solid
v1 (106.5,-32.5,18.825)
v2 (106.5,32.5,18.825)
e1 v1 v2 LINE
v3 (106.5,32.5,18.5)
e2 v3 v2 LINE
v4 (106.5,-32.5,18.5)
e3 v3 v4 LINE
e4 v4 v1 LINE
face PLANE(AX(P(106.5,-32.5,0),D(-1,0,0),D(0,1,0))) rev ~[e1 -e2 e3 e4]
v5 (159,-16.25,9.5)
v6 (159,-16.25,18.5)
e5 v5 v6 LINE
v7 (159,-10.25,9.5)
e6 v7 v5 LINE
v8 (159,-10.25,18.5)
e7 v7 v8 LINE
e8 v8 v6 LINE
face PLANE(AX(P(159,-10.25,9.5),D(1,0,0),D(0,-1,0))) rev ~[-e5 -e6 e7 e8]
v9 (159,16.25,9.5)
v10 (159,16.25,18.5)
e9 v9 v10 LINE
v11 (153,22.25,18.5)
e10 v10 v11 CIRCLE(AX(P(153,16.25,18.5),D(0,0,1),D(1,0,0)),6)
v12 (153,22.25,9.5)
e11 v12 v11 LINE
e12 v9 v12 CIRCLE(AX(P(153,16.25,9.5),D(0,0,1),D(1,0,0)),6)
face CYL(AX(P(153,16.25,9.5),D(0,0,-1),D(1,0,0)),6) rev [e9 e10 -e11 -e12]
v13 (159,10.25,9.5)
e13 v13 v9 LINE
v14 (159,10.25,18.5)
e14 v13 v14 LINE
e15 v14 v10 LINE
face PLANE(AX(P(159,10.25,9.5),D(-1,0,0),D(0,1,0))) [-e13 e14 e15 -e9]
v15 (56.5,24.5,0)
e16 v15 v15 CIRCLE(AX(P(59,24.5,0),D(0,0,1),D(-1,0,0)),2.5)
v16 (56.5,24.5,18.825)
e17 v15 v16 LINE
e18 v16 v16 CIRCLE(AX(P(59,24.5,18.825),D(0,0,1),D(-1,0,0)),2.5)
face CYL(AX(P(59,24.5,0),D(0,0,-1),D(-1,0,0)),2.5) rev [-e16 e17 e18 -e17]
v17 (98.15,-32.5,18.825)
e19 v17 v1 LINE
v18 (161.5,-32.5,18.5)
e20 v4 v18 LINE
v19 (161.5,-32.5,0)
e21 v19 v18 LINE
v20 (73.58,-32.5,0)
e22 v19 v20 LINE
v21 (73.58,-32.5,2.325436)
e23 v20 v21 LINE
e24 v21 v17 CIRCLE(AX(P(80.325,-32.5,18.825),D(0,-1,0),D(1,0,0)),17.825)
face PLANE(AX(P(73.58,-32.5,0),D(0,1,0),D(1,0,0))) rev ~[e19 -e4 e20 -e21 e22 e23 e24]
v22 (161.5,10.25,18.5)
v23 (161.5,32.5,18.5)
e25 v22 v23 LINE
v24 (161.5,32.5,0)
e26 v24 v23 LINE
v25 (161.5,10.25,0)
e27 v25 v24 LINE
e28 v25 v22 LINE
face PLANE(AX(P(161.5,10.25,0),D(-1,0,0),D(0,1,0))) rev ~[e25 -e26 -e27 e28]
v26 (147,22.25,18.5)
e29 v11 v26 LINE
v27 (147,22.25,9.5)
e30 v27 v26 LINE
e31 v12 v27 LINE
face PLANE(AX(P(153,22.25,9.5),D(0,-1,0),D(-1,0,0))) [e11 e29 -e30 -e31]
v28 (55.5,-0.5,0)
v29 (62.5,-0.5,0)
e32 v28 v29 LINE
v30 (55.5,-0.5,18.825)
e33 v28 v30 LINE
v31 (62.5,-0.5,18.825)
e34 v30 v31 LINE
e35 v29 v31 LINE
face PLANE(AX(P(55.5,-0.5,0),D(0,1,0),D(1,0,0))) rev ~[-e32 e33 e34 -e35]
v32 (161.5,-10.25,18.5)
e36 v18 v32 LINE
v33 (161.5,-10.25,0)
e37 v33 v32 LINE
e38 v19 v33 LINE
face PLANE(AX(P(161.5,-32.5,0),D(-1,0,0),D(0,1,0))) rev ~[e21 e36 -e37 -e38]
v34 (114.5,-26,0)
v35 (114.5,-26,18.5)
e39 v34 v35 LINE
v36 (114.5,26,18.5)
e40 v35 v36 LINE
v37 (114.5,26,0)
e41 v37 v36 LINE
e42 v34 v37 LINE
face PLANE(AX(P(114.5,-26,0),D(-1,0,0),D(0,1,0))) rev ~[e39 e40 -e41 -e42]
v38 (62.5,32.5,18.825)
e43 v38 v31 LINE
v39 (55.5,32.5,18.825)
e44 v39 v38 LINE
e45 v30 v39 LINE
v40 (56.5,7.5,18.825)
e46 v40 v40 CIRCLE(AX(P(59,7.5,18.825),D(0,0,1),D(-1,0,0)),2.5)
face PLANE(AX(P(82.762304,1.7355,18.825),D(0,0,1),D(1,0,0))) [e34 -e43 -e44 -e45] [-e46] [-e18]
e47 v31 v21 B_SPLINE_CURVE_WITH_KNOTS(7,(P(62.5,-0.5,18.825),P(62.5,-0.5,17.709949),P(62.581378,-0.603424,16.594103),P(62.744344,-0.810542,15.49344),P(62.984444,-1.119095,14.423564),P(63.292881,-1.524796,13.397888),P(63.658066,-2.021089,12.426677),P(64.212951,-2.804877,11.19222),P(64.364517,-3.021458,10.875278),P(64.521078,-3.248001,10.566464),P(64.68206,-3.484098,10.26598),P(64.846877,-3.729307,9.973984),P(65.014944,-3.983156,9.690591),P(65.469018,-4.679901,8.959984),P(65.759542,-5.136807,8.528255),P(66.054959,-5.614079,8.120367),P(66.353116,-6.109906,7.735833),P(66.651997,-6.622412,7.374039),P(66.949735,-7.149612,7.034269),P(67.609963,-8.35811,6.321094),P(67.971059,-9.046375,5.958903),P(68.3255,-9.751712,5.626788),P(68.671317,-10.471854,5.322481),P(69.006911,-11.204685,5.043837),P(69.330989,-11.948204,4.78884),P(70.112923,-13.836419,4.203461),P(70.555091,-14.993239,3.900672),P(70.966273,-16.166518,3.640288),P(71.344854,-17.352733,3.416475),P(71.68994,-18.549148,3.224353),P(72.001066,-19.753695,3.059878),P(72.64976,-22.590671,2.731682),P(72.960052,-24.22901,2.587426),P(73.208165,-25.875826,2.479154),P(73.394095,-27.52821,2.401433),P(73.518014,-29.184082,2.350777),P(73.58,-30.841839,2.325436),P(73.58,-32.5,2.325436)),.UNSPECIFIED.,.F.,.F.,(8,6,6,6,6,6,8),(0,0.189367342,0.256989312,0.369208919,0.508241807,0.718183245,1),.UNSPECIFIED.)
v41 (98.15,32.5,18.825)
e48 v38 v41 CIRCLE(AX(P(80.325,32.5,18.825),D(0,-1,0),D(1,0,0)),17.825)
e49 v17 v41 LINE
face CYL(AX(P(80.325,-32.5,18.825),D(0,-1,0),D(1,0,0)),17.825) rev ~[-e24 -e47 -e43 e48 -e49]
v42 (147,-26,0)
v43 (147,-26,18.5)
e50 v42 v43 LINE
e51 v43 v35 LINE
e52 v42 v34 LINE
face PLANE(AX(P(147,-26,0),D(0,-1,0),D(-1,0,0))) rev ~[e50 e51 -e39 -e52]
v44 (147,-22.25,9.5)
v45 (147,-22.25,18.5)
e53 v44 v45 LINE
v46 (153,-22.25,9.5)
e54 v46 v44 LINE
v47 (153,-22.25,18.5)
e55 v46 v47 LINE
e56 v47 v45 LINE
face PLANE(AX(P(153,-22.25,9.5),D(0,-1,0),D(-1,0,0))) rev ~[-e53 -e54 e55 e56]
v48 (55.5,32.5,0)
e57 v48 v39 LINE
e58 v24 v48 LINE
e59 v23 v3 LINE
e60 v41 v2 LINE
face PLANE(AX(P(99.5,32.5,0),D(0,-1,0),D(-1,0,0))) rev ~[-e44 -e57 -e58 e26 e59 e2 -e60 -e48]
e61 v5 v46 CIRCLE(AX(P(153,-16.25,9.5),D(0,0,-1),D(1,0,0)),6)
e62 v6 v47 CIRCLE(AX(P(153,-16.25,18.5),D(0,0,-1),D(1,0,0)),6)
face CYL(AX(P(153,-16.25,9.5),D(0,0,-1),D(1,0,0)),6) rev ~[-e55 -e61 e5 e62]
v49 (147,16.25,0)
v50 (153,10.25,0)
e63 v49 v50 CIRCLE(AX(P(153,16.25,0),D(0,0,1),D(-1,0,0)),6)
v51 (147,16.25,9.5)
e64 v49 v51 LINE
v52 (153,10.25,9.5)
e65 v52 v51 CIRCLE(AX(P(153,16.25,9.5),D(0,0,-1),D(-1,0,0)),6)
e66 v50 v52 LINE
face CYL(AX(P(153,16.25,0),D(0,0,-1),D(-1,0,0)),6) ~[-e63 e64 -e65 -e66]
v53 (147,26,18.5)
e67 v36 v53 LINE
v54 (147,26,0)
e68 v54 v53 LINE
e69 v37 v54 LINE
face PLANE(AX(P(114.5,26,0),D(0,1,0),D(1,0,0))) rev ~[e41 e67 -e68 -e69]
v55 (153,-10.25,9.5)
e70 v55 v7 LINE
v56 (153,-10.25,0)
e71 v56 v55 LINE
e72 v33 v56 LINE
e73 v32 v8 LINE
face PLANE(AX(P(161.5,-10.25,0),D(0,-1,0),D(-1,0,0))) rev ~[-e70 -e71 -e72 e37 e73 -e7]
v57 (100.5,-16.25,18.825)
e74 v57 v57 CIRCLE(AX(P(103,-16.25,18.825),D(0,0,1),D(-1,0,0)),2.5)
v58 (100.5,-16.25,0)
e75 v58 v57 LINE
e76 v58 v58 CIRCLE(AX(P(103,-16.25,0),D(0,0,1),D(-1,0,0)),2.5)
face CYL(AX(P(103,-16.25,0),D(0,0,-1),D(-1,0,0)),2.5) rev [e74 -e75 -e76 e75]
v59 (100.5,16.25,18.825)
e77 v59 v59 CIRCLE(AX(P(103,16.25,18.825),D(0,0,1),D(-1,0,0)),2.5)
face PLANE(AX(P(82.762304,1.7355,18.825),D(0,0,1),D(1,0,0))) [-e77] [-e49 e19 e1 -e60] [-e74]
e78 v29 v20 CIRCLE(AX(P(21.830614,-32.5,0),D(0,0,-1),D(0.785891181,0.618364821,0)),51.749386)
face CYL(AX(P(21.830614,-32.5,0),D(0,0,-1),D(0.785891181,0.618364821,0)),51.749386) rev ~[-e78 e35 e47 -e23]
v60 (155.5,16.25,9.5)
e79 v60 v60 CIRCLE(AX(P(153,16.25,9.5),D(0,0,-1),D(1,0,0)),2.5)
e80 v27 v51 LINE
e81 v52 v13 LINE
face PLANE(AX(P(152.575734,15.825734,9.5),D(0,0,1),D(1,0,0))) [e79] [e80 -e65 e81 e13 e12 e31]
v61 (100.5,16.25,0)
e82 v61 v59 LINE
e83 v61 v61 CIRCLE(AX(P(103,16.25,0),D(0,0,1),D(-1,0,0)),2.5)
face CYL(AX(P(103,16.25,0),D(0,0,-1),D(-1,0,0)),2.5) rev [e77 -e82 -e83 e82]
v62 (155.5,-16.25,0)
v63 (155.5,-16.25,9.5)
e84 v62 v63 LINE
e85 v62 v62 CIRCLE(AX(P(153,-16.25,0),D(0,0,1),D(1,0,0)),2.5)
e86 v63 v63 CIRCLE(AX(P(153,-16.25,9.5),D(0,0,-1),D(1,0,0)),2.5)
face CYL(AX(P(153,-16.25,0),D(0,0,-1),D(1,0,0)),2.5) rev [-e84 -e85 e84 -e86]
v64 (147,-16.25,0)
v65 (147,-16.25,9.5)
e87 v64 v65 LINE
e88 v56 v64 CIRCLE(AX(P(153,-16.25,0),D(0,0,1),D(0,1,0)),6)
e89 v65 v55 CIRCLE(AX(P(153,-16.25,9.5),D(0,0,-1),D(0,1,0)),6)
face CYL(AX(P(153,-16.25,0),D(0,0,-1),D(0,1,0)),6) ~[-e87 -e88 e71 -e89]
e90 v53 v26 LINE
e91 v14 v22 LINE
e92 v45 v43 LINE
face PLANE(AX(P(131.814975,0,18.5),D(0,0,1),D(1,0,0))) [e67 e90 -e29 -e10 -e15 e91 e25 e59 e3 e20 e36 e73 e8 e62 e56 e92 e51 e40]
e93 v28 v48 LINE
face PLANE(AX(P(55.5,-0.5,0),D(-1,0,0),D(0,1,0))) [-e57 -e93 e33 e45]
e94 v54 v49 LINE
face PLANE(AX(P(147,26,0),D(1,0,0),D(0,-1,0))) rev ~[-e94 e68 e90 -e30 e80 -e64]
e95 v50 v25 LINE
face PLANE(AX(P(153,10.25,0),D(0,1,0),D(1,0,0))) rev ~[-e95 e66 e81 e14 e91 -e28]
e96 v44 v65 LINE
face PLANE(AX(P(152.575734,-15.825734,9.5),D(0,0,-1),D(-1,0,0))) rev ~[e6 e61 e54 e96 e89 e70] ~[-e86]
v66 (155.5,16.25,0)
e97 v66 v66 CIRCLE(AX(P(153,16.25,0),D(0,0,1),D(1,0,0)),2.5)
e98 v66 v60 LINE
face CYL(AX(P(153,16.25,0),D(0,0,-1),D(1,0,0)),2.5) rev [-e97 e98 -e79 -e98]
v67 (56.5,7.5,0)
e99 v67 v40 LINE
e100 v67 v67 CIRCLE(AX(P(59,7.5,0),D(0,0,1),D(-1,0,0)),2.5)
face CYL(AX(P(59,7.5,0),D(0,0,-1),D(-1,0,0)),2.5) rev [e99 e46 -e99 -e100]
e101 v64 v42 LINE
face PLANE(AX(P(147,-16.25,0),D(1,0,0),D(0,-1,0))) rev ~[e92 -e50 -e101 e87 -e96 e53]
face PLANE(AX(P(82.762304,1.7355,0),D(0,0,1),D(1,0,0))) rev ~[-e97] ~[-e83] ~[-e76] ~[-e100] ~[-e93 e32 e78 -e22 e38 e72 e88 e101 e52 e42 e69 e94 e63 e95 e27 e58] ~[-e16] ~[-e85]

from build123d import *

# Parameters (mm, degrees)
SKETCH1_R           = 2.5
BOSS_EXTRUDE3_DEPTH = 18.5
CUT_EXTRUDE2_START  = -9
CUT_EXTRUDE2_DEPTH  = 9
SKETCH1_5_R         = 2.5
BOSS_EXTRUDE4_DEPTH = 18.825
SKETCH3_R           = 17.825
CUT_EXTRUDE3_DEPTH  = 176.104627652


with BuildPart() as part:
    # Sketch1 → Boss-Extrude3 (new body)
    with BuildSketch(Plane.XY):
        with BuildLine():
            Line((161.5, 32.5), (147, 32.5))
            Line((147, 32.5), (106.5, 32.5))
            Line((106.5, 32.5), (106.5, -32.5))
            Line((106.5, -32.5), (147, -32.5))
            Line((147, -32.5), (161.5, -32.5))
            Line((161.5, -32.5), (161.5, -10.25))
            Line((161.5, -10.25), (153, -10.25))
            ThreePointArc((153, -10.25), (148.757359313, -12.007359313), (147, -16.25))
            Line((147, -16.25), (147, -26))
            Line((147, -26), (114.5, -26))
            Line((114.5, -26), (114.5, 26))
            Line((114.5, 26), (147, 26))
            Line((147, 26), (147, 16.25))
            ThreePointArc((147, 16.25), (148.757359313, 12.007359313), (153, 10.25))
            Line((153, 10.25), (161.5, 10.25))
            Line((161.5, 10.25), (161.5, 32.5))
        make_face()
        with Locations((153, -16.25)):
            Circle(SKETCH1_R, mode=Mode.SUBTRACT)
        with Locations((153, 16.25)):
            Circle(SKETCH1_R, mode=Mode.SUBTRACT)
    extrude(amount=BOSS_EXTRUDE3_DEPTH)

    # Sketch2 → Cut-Extrude2 (cut)
    with BuildSketch(Plane.XY.offset(18.5).offset(CUT_EXTRUDE2_START)):
        with BuildLine():
            Line((153, 22.25), (147, 22.25))
            Line((147, 22.25), (147, 10.25))
            Line((147, 10.25), (159, 10.25))
            Line((159, 10.25), (159, 16.25))
            ThreePointArc((159, 16.25), (157.242640687, 20.492640687), (153, 22.25))
        make_face()
        with BuildLine():
            Line((153, -22.25), (147, -22.25))
            Line((147, -22.25), (147, -10.25))
            Line((147, -10.25), (159, -10.25))
            Line((159, -10.25), (159, -16.25))
            ThreePointArc((159, -16.25), (157.242640687, -20.492640687), (153, -22.25))
        make_face()
    extrude(amount=CUT_EXTRUDE2_DEPTH, mode=Mode.SUBTRACT)

    # Sketch1<5> → Boss-Extrude4 (add)
    with BuildSketch(Plane.XY):
        with BuildLine():
            Line((106.5, -32.5), (106.5, 32.5))
            Line((106.5, 32.5), (55.5, 32.5))
            Line((55.5, 32.5), (55.5, -0.5))
            Line((55.5, -0.5), (62.5, -0.5))
            ThreePointArc((62.5, -0.5), (70.731609419, -15.568030239), (73.58, -32.5))
            Line((73.58, -32.5), (106.5, -32.5))
        make_face()
        with Locations((103, -16.25)):
            Circle(SKETCH1_5_R, mode=Mode.SUBTRACT)
        with Locations((103, 16.25)):
            Circle(SKETCH1_5_R, mode=Mode.SUBTRACT)
        with Locations((59, 24.5)):
            Circle(SKETCH1_5_R, mode=Mode.SUBTRACT)
        with Locations((59, 7.5)):
            Circle(SKETCH1_5_R, mode=Mode.SUBTRACT)
    extrude(amount=BOSS_EXTRUDE4_DEPTH)

    # Sketch3 → Cut-Extrude3 (cut, through all)
    with BuildSketch(Plane.XZ.offset(32.5)):
        with Locations((80.325, 18.825)):
            Circle(SKETCH3_R)
    extrude(amount=-CUT_EXTRUDE3_DEPTH, mode=Mode.SUBTRACT)


solid = part.part
